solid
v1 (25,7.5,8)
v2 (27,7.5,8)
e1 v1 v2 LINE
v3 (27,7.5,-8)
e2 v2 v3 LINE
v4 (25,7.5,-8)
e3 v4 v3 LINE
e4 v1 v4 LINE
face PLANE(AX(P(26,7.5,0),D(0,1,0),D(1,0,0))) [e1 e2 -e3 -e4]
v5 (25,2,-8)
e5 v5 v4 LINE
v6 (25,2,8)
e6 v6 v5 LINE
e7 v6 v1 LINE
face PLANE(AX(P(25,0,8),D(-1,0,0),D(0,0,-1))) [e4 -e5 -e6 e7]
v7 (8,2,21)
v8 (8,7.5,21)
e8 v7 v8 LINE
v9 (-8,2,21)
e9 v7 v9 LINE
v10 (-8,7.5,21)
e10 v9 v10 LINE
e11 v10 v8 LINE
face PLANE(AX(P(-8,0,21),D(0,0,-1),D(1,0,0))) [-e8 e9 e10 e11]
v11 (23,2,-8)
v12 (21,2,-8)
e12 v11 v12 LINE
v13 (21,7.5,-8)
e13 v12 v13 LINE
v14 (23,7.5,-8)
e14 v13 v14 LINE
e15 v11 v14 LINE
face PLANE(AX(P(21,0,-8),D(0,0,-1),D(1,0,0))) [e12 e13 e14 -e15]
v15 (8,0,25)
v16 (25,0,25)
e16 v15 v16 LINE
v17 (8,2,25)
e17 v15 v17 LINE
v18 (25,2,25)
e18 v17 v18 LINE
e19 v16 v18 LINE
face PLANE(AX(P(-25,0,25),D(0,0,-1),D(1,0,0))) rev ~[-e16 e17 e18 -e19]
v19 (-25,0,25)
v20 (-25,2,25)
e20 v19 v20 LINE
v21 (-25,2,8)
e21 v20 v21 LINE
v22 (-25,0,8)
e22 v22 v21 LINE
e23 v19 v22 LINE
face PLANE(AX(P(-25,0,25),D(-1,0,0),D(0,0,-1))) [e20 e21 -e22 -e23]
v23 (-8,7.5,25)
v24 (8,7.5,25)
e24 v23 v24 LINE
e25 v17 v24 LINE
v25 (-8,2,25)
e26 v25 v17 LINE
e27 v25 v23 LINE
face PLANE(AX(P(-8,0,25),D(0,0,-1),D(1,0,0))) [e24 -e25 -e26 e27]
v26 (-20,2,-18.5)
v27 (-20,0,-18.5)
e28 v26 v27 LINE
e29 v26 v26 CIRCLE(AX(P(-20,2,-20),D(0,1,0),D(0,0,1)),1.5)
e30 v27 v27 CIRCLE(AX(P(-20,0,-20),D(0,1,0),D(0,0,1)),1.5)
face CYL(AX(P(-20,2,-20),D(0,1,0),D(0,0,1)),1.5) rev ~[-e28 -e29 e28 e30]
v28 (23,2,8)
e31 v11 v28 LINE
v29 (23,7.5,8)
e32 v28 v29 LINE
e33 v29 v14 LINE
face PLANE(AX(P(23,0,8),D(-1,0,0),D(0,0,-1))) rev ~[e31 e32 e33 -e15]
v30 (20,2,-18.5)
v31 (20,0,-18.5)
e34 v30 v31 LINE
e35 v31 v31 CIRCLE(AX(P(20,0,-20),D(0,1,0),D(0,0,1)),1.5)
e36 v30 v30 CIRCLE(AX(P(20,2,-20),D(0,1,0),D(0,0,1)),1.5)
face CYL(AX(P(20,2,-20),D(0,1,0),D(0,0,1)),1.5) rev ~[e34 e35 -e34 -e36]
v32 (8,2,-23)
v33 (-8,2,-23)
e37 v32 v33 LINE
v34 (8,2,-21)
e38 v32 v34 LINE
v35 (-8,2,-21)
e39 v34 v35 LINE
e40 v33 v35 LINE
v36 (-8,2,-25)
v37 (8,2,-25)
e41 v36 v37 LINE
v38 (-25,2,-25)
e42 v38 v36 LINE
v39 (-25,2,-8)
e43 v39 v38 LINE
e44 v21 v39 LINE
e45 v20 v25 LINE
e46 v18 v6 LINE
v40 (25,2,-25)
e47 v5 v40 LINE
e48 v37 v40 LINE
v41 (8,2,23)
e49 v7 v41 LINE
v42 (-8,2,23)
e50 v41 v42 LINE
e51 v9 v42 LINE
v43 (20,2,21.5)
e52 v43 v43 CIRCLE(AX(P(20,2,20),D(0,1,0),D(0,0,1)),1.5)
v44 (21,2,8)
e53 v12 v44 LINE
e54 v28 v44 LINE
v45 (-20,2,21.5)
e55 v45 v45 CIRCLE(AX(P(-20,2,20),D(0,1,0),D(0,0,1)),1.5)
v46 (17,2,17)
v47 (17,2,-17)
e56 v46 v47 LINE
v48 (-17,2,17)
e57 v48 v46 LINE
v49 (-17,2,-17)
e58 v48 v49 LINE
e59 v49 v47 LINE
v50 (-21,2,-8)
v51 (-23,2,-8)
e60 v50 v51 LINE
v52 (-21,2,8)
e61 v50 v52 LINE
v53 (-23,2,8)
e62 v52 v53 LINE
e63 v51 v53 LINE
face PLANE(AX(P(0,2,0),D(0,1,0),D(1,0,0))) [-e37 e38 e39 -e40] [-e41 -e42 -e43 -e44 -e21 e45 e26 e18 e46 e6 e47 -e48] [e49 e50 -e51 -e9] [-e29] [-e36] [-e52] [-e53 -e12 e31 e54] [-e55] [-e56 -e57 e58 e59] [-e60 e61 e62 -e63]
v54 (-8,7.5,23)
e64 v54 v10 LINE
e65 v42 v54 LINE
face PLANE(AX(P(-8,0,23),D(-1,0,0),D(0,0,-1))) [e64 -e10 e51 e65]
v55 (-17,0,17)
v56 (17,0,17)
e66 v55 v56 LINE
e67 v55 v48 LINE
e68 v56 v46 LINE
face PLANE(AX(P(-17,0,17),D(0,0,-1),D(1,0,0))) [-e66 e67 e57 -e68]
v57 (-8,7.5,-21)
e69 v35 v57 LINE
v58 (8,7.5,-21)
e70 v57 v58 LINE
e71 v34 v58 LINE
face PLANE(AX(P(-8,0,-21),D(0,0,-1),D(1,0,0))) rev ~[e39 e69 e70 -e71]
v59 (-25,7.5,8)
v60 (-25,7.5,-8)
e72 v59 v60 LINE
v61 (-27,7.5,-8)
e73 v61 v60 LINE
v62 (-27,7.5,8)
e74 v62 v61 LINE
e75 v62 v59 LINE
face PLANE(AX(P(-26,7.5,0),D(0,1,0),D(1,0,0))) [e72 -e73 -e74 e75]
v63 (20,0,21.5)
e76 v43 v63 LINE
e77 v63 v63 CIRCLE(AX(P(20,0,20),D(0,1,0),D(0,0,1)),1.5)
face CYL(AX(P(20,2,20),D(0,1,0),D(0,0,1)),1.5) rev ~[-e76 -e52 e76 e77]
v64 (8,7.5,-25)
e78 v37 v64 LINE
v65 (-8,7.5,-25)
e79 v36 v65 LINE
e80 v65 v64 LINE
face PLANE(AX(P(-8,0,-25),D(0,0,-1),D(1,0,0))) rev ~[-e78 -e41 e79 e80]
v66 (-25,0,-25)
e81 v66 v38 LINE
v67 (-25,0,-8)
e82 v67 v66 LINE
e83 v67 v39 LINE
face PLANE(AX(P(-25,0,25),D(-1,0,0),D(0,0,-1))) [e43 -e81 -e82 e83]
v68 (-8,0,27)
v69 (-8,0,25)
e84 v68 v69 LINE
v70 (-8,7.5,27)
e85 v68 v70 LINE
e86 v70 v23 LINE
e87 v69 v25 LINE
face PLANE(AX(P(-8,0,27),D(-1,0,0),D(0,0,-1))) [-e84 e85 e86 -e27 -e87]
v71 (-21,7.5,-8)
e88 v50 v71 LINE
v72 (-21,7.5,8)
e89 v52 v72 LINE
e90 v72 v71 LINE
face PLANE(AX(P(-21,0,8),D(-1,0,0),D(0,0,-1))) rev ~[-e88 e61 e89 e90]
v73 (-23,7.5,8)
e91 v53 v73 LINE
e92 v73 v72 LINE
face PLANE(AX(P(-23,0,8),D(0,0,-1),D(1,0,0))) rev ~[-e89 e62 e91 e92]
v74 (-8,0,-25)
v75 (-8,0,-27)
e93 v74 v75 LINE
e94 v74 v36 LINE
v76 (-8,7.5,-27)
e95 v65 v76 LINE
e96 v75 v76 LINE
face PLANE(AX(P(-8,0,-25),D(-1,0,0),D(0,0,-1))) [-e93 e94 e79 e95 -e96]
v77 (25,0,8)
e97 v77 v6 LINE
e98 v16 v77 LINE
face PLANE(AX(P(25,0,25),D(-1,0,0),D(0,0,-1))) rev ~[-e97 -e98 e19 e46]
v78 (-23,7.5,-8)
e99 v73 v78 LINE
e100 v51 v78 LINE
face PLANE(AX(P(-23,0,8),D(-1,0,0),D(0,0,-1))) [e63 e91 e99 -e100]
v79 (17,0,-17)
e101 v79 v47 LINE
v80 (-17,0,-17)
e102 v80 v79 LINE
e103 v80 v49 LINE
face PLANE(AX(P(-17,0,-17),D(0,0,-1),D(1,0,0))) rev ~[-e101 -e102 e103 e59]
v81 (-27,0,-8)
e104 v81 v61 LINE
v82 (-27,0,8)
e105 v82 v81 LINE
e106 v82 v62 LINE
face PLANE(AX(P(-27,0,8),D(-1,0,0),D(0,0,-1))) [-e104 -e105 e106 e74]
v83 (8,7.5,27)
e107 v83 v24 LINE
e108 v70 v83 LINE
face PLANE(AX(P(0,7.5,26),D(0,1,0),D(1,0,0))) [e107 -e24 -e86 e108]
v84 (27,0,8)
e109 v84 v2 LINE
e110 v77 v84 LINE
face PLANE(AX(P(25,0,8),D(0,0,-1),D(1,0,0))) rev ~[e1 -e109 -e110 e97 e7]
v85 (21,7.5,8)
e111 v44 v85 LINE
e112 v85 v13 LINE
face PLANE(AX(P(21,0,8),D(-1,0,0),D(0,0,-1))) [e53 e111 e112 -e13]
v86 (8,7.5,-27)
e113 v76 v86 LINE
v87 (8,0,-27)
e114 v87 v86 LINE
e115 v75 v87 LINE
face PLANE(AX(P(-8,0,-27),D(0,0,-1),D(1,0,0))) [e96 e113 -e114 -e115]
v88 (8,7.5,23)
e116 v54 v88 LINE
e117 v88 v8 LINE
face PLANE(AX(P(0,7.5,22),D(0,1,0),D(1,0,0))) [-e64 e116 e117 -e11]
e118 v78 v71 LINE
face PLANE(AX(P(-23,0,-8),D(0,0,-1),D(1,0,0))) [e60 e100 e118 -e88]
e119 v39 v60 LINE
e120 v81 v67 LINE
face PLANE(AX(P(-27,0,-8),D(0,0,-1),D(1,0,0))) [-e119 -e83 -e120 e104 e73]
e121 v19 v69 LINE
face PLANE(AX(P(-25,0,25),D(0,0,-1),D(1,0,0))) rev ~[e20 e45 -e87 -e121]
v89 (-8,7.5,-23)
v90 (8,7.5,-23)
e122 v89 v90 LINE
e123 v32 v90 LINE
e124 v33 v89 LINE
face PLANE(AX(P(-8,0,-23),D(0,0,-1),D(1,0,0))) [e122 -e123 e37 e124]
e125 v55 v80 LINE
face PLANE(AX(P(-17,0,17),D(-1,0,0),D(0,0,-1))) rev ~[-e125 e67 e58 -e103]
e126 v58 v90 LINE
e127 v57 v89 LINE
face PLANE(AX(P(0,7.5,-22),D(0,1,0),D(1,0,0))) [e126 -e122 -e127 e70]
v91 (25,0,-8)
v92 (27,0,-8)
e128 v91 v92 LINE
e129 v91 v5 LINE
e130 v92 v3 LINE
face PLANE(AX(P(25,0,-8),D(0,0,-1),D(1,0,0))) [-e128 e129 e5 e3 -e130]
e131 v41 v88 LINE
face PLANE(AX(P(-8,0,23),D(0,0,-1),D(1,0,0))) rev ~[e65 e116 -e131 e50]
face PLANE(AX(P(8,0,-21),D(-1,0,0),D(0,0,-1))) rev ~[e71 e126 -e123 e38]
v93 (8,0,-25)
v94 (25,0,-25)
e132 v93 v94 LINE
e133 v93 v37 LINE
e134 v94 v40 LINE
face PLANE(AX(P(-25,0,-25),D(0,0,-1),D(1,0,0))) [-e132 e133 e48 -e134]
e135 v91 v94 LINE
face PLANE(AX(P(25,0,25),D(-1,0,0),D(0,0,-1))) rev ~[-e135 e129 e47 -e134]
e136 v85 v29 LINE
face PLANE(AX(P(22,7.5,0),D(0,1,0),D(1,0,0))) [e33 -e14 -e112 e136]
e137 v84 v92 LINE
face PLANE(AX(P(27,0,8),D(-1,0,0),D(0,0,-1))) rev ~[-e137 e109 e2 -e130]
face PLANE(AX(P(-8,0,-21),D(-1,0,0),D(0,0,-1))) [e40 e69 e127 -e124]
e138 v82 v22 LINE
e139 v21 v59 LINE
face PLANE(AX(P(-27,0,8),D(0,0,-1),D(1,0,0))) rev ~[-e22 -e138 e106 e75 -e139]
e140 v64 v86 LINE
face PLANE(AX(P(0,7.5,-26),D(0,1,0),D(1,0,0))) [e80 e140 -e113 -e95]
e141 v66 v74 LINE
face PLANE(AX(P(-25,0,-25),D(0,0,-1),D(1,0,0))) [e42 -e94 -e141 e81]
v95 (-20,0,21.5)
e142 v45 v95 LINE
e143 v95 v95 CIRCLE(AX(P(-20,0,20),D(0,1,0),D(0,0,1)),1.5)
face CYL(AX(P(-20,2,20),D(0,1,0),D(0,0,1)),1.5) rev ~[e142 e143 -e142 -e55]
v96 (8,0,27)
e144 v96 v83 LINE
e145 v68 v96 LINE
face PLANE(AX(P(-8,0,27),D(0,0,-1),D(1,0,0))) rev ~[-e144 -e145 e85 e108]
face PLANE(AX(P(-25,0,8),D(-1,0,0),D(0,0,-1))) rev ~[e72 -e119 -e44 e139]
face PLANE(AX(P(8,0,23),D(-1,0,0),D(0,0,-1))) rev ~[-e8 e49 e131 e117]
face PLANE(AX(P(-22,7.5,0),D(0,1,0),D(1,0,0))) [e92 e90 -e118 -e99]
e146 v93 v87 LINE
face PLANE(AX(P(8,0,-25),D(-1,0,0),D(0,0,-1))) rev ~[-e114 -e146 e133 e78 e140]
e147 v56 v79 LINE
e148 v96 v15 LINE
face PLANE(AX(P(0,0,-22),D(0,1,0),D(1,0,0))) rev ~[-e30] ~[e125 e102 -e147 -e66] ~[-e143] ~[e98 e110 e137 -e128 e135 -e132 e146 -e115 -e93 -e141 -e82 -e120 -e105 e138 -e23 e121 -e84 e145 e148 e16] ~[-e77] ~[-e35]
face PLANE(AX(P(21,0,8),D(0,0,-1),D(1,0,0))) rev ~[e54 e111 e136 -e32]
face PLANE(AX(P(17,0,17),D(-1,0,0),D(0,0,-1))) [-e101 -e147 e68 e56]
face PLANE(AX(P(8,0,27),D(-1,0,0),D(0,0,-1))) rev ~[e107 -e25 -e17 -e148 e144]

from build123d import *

# Parameters (mm, degrees)
SKETCH1_W           = 50
SKETCH1_H           = 50
SKETCH1_W_2         = 34
SKETCH1_H_2         = 34
BOSS_EXTRUDE1_DEPTH = 2
SKETCH2_R           = 1.5
CUT_EXTRUDE1_DEPTH  = 2
SKETCH7_W           = 16
SKETCH7_H           = 2
SKETCH7_W_2         = 2
SKETCH7_H_2         = 16
BOSS_EXTRUDE4_DEPTH = 7.5


with BuildPart() as part:
    # Sketch1 → Boss-Extrude1 (new body)
    with BuildSketch(Plane(origin=(0, 0, 0), x_dir=(1, 0, 0), z_dir=(0, 1, 0))):
        Rectangle(SKETCH1_W, SKETCH1_H)
        Rectangle(SKETCH1_W_2, SKETCH1_H_2, mode=Mode.SUBTRACT)
    extrude(amount=BOSS_EXTRUDE1_DEPTH)

    # Sketch2 → Cut-Extrude1 (cut)
    with BuildSketch(Plane(origin=(0, 2, 0), x_dir=(1, 0, 0), z_dir=(0, 1, 0))):
        with Locations(Location((-20, 20, 0), (0, 0, 270))):
            Circle(SKETCH2_R)
        with Locations(Location((20, 20, 0), (0, 0, 270))):
            Circle(SKETCH2_R)
        with Locations(Location((20, -20, 0), (0, 0, 270))):
            Circle(SKETCH2_R)
        with Locations(Location((-20, -20, 0), (0, 0, 270))):
            Circle(SKETCH2_R)
    extrude(amount=-CUT_EXTRUDE1_DEPTH, mode=Mode.SUBTRACT)

    # Sketch7 → Boss-Extrude4 (add)
    with BuildSketch(Plane(origin=(0, 0, 0), x_dir=(1, 0, 0), z_dir=(0, 1, 0))):
        with Locations((0, 22)):
            Rectangle(SKETCH7_W, SKETCH7_H)
        with Locations((-26, 0)):
            Rectangle(SKETCH7_W_2, SKETCH7_H_2)
        with Locations((-22, 0)):
            Rectangle(SKETCH7_W_2, SKETCH7_H_2)
        with Locations((0, 26)):
            Rectangle(SKETCH7_W, SKETCH7_H)
        with Locations((22, 0)):
            Rectangle(SKETCH7_W_2, SKETCH7_H_2)
        with Locations((26, 0)):
            Rectangle(SKETCH7_W_2, SKETCH7_H_2)
        with Locations((0, -22)):
            Rectangle(SKETCH7_W, SKETCH7_H)
        with Locations((0, -26)):
            Rectangle(SKETCH7_W, SKETCH7_H)
    extrude(amount=BOSS_EXTRUDE4_DEPTH)


solid = part.part
